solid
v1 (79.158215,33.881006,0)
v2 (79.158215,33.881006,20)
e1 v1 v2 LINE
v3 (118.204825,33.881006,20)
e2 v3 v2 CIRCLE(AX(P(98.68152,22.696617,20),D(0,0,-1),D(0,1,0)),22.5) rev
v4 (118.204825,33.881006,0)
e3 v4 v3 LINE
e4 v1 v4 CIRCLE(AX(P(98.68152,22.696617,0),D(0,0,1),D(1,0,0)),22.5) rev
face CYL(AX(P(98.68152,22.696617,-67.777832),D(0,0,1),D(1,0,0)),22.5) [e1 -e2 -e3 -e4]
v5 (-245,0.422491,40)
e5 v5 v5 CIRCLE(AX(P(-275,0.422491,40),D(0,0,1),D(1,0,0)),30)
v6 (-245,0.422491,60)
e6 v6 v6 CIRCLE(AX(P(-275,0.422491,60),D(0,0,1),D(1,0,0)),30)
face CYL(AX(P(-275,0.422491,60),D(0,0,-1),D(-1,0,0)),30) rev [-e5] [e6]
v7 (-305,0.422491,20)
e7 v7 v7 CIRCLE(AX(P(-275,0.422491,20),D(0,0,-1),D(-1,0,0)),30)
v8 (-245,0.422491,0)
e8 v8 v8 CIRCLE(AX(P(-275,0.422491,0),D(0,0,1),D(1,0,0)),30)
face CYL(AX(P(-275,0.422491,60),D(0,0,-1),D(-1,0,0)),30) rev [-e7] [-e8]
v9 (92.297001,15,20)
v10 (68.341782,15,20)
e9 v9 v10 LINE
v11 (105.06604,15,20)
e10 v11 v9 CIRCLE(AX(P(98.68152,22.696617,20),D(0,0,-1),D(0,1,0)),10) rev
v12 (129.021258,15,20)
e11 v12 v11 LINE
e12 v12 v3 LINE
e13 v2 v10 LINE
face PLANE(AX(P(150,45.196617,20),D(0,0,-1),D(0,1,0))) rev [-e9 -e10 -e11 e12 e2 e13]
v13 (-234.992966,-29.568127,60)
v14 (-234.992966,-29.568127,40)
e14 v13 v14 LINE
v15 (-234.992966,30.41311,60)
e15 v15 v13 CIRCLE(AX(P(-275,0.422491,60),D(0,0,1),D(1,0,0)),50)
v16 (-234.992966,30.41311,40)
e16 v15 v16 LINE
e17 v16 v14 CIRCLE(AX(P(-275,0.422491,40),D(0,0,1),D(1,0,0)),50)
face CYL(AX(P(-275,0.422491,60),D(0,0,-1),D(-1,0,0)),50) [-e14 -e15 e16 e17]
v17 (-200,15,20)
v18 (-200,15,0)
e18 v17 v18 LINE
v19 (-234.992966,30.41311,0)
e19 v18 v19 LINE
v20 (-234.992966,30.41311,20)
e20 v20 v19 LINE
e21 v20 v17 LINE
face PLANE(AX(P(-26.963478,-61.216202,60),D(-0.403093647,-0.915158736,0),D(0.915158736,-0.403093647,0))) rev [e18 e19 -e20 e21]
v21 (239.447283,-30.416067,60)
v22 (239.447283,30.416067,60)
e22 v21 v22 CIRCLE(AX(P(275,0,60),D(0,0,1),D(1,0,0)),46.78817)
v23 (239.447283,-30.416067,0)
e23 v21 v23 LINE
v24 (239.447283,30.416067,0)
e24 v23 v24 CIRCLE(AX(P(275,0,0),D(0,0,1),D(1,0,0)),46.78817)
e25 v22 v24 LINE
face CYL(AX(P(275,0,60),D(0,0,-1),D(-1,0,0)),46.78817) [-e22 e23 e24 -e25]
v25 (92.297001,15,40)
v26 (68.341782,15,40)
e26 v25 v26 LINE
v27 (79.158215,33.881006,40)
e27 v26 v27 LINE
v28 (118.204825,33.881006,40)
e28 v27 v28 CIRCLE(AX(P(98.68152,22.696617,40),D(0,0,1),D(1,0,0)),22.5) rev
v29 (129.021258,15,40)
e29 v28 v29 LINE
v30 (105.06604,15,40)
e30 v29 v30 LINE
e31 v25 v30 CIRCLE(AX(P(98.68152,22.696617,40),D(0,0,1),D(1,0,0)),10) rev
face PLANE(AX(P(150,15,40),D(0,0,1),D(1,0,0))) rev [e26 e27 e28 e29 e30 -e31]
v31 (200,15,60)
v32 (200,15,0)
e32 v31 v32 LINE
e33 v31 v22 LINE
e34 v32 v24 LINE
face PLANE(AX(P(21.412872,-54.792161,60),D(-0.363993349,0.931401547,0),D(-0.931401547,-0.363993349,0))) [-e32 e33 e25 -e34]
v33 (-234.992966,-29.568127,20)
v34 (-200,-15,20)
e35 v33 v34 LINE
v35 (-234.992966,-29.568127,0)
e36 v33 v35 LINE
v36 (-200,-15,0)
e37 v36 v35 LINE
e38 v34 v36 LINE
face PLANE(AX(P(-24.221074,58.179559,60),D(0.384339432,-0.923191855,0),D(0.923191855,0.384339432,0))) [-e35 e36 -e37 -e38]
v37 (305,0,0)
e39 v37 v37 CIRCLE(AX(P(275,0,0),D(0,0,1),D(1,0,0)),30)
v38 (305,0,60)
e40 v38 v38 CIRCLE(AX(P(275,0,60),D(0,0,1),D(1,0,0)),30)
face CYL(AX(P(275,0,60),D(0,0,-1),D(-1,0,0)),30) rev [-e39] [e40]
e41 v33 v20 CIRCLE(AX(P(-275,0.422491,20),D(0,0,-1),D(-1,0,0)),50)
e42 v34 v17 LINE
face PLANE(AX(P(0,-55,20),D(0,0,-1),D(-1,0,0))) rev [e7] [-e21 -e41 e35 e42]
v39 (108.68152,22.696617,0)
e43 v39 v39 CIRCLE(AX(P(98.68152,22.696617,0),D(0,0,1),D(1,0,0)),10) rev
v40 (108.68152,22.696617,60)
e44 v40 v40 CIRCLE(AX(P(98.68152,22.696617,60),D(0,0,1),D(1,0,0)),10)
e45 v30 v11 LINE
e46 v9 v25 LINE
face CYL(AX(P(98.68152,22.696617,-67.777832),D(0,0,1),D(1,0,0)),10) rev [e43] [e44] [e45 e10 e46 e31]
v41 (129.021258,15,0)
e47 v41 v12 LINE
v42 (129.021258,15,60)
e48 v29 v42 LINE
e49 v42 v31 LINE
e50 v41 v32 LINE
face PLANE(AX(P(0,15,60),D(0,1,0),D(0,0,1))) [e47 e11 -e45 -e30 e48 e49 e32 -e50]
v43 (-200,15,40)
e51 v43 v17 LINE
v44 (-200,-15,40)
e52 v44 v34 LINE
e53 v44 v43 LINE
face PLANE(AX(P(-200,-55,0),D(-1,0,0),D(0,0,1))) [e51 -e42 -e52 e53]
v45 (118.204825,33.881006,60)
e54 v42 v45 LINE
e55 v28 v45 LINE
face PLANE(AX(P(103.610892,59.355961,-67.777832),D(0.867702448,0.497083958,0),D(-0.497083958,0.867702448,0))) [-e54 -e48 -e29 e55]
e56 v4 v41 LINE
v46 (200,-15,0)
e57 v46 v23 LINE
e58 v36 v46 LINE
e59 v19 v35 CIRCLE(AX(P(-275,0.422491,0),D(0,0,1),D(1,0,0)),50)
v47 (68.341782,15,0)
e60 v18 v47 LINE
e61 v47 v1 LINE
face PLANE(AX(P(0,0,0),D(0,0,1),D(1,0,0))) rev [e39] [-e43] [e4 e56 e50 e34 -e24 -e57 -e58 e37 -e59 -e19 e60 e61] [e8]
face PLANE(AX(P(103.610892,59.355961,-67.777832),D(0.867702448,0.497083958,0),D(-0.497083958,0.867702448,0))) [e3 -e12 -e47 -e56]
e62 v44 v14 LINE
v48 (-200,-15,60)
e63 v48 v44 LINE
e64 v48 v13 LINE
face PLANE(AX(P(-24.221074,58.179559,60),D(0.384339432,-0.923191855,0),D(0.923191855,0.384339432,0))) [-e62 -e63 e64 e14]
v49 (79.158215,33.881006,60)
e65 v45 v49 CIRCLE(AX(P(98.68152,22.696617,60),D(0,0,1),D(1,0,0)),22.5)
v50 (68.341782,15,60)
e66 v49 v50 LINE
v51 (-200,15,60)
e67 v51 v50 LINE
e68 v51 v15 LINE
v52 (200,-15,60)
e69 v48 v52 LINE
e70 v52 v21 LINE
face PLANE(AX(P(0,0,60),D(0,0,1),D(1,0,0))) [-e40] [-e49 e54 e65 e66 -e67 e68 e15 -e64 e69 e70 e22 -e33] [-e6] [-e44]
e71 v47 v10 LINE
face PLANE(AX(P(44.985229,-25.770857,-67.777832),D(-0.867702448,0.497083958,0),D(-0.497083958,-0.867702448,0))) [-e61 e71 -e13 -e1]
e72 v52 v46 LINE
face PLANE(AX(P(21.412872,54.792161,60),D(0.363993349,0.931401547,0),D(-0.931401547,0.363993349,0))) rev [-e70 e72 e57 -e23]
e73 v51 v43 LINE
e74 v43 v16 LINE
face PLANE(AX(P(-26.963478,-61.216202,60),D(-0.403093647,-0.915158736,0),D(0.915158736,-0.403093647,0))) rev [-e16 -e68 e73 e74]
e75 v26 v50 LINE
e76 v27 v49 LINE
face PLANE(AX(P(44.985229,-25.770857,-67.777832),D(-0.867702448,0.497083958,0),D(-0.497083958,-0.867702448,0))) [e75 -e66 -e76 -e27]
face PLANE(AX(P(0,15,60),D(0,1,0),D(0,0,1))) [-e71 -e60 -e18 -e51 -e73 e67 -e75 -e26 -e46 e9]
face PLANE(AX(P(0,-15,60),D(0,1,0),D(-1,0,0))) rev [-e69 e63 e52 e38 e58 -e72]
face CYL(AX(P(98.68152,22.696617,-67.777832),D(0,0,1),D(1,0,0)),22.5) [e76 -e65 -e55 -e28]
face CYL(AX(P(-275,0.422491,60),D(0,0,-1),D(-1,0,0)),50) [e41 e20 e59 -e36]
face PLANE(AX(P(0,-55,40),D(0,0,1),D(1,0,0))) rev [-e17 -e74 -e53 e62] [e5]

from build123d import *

# Parameters (mm, degrees)
SKETCH1_R           = 30
BOSS_EXTRUDE1_DEPTH = 60
SKETCH2_W           = 125
SKETCH2_H           = 20
CUT_EXTRUDE1_DEPTH  = 70
BOSS_EXTRUDE2_DEPTH = 60
SKETCH4_R           = 10
CUT_EXTRUDE2_DEPTH  = 61
SKETCH5_W           = 20
SKETCH5_H           = 30.196617065
CUT_EXTRUDE3_DEPTH  = 350


with BuildPart() as part:
    # Sketch1 → Boss-Extrude1 (new body)
    with BuildSketch(Plane.XY):
        with BuildLine():
            Line((200, 15), (-200, 15))
            Line((-200, 15), (-234.992965725, 30.413109921))
            ThreePointArc((-234.992965725, 30.413109921), (-325, 0.422491245), (-234.992965725, -29.568127431))
            Line((-234.992965725, -29.568127431), (-200, -15))
            Line((-200, -15), (200, -15))
            Line((200, -15), (239.447282721, -30.416066909))
            ThreePointArc((239.447282721, -30.416066909), (321.788169788, 0), (239.447282721, 30.416066909))
            Line((239.447282721, 30.416066909), (200, 15))
        make_face()
        with Locations((-275, 0.422491245)):
            Circle(SKETCH1_R, mode=Mode.SUBTRACT)
        with Locations((275, 0)):
            Circle(SKETCH1_R, mode=Mode.SUBTRACT)
    extrude(amount=BOSS_EXTRUDE1_DEPTH)

    # Sketch2 → Cut-Extrude1 (cut, symmetric)
    with BuildSketch(Plane(origin=(0, 15, 0), x_dir=(1, 0, 0), z_dir=(0, 1, 0))):
        with Locations((-262.5, -30)):
            Rectangle(SKETCH2_W, SKETCH2_H)
    extrude(amount=CUT_EXTRUDE1_DEPTH, both=True, mode=Mode.SUBTRACT)

    # Sketch3 → Boss-Extrude2 (add)
    with BuildSketch(Plane.XY.offset(60)):
        with BuildLine():
            ThreePointArc((118.204825436, 33.881006124), (98.681520352, 45.196617065), (79.158215269, 33.881006124))
            ThreePointArc((79.158215269, 33.881006124), (76.263820119, 24.619301704), (77.538860024, 15))
            Line((77.538860024, 15), (92.297001125, 15))
            ThreePointArc((92.297001125, 15), (98.681520352, 32.696617065), (105.066039579, 15))
            Line((105.066039579, 15), (119.824180681, 15))
            ThreePointArc((119.824180681, 15), (121.099220586, 24.619301704), (118.204825436, 33.881006124))
        make_face()
        with BuildLine():
            ThreePointArc((77.538860024, 15), (76.263820119, 24.619301704), (79.158215269, 33.881006124))
            Line((79.158215269, 33.881006124), (68.341782426, 15))
            Line((68.341782426, 15), (77.538860024, 15))
        make_face()
        with BuildLine():
            Line((129.021258279, 15), (118.204825436, 33.881006124))
            ThreePointArc((118.204825436, 33.881006124), (121.099220586, 24.619301704), (119.824180681, 15))
            Line((119.824180681, 15), (129.021258279, 15))
        make_face()
    extrude(amount=-BOSS_EXTRUDE2_DEPTH)

    # Sketch4 → Cut-Extrude2 (cut, through all)
    with BuildSketch(Plane.XY.offset(60)):
        with Locations((98.681520352, 22.696617065)):
            Circle(SKETCH4_R)
    extrude(amount=-CUT_EXTRUDE2_DEPTH, mode=Mode.SUBTRACT)

    # Sketch5 → Cut-Extrude3 (cut)
    with BuildSketch(Plane.ZY.offset(200)):
        with Locations((30, 30.098308533)):
            Rectangle(SKETCH5_W, SKETCH5_H)
    extrude(amount=-CUT_EXTRUDE3_DEPTH, mode=Mode.SUBTRACT)


solid = part.part
